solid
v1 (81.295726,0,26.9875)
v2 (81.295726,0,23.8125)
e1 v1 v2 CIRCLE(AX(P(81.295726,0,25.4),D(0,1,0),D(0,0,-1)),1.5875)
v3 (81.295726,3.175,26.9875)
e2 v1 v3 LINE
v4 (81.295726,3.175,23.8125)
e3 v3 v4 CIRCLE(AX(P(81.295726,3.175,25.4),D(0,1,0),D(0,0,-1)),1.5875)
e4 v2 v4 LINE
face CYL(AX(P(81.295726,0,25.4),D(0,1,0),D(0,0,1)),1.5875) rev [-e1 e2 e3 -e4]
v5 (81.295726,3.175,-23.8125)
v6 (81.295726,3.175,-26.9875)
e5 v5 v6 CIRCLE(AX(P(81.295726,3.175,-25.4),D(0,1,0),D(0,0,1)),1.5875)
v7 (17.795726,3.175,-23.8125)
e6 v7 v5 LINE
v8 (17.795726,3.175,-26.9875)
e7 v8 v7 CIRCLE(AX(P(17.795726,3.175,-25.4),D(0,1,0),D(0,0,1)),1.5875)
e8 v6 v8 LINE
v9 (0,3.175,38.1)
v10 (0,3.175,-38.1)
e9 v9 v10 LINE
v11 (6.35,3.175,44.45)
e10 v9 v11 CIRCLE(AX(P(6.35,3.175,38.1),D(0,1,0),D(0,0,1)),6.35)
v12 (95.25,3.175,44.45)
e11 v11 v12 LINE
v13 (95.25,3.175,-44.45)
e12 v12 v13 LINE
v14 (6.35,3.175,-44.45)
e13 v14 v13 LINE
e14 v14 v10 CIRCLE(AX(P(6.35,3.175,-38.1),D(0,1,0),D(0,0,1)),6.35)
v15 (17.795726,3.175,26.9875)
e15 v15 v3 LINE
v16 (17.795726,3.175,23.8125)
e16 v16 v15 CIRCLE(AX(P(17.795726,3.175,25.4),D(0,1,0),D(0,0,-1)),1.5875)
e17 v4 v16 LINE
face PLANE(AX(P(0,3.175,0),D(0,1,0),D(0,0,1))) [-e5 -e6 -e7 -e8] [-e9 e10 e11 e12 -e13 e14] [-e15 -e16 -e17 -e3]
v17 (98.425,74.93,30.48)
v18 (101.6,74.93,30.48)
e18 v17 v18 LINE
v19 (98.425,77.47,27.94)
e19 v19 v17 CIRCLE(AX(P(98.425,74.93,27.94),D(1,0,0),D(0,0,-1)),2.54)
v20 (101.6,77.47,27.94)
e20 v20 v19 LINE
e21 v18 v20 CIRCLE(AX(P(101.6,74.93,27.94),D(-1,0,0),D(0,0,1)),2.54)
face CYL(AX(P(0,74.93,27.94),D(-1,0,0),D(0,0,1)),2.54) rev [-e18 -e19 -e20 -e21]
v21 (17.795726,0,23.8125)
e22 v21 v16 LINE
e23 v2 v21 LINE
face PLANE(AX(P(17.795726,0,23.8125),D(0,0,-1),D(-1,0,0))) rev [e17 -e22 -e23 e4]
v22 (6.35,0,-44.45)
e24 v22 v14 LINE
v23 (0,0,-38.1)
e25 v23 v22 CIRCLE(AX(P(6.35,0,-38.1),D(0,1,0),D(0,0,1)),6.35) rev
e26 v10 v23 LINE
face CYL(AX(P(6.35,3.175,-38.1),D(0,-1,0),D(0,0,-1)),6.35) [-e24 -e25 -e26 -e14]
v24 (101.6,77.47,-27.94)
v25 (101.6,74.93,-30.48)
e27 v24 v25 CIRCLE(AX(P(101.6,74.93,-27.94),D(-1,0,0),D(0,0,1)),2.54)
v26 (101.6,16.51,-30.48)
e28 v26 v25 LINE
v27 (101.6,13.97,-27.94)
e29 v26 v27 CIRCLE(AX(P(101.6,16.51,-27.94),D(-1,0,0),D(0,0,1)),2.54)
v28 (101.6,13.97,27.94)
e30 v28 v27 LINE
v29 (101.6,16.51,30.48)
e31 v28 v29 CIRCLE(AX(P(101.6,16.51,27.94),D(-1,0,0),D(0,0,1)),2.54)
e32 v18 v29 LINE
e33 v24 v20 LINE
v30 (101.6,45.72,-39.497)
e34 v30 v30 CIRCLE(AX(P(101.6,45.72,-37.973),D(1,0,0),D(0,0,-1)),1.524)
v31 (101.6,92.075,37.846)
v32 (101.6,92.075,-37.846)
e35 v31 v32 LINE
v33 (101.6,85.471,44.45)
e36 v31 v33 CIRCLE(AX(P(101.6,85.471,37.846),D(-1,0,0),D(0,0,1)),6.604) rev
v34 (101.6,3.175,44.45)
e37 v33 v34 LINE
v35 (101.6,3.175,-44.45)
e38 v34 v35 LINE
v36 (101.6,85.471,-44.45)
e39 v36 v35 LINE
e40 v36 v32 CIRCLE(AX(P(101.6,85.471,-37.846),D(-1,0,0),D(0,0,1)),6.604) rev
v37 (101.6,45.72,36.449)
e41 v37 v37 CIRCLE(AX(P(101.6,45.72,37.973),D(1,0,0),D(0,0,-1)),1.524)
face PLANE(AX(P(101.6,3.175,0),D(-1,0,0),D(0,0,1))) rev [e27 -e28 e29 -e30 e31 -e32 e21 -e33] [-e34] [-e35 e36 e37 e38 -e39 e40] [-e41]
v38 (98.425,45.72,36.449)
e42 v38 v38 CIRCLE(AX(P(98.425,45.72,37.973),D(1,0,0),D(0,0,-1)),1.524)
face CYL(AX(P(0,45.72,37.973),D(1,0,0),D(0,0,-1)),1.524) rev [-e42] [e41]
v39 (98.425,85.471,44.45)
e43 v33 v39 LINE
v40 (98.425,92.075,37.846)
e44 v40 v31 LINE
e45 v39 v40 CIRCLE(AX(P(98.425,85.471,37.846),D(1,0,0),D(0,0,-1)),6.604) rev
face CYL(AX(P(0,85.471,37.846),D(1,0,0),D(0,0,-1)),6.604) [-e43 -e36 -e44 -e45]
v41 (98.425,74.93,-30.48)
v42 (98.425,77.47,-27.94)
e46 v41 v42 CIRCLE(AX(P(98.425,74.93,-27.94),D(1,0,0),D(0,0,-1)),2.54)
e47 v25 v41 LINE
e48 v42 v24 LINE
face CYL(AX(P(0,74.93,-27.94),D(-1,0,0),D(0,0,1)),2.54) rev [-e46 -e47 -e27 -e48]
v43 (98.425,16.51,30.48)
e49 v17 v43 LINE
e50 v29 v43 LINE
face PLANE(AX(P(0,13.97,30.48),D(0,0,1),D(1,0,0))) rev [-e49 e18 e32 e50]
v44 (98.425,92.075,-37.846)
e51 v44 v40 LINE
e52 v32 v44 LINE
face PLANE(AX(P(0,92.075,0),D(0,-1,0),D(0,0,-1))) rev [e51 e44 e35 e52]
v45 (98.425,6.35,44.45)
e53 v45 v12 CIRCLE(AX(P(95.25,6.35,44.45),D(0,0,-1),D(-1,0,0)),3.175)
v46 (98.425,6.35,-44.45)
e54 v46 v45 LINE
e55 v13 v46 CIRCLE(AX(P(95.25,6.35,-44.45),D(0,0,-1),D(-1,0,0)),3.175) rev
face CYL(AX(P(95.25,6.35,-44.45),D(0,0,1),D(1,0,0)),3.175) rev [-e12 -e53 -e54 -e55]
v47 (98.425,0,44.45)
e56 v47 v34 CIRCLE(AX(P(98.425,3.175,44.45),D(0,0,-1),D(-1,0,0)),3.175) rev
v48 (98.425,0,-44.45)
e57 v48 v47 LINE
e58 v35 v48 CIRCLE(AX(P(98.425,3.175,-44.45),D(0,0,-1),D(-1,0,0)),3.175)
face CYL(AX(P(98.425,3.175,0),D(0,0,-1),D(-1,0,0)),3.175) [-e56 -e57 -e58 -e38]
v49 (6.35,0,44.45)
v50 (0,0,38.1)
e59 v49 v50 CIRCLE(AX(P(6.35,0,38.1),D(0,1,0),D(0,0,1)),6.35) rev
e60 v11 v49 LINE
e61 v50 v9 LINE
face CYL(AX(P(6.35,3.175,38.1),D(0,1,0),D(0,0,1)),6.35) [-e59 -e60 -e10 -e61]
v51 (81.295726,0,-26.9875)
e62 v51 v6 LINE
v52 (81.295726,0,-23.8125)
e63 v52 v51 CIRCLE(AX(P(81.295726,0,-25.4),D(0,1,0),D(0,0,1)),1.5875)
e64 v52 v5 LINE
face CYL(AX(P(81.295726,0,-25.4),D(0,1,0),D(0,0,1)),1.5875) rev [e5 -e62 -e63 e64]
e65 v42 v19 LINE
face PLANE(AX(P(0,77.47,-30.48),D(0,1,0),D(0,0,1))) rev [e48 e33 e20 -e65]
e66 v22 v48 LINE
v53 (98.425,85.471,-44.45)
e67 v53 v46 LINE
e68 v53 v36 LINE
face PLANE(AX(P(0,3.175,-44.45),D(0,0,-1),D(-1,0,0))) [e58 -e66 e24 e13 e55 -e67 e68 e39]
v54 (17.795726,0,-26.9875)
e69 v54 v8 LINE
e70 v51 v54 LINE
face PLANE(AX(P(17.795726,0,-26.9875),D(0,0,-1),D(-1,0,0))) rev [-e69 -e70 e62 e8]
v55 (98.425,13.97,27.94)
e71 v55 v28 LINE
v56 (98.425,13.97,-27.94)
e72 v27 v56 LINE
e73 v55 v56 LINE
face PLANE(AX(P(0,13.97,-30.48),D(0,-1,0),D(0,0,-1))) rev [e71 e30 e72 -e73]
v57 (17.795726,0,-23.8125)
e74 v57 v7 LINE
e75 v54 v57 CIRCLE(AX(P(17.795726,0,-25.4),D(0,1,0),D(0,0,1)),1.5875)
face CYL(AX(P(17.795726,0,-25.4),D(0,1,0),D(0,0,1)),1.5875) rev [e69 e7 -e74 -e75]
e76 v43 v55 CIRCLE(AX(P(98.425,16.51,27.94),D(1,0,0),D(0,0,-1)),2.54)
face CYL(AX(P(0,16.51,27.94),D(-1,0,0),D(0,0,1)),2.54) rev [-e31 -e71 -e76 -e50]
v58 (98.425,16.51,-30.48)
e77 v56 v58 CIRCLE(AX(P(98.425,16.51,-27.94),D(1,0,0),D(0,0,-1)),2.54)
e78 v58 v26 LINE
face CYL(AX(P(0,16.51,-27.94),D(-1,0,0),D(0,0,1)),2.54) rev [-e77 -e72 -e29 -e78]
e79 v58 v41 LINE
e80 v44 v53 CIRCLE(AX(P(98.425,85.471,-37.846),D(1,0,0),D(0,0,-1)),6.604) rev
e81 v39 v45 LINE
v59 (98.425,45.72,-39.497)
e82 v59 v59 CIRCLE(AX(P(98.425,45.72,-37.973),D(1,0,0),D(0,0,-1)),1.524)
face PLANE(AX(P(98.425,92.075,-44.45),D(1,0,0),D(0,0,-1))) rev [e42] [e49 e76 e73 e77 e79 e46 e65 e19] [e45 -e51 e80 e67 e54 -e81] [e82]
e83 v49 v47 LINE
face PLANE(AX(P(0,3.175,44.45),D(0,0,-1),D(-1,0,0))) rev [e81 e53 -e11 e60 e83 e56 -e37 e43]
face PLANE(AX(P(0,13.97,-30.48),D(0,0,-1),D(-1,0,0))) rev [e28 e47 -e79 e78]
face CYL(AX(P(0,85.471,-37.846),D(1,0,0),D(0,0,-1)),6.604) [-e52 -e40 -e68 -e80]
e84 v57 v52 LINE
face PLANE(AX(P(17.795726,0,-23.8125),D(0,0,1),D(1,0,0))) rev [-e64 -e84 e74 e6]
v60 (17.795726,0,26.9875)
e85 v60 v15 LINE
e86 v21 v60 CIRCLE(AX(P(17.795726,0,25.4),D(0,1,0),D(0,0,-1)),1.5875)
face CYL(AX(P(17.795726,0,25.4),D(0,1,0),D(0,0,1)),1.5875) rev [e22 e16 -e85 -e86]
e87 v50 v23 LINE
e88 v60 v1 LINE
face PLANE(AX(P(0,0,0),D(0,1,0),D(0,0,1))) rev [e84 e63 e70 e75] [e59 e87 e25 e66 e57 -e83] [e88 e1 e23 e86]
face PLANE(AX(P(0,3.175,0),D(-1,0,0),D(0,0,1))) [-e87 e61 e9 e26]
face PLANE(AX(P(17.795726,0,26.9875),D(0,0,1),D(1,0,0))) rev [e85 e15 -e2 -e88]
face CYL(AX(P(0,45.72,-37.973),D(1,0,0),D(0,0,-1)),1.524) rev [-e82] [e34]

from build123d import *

# Parameters (mm, degrees)
SKETCH2_W           = 101.6
SKETCH2_H           = 88.9
BOSS_EXTRUDE1_DEPTH = 3.175
SKETCH3_W           = 3.175
SKETCH3_H           = 88.9
BOSS_EXTRUDE2_DEPTH = 88.9
SKETCH5_R           = 1.524
SKETCH5_W           = 60.96
SKETCH5_H           = 63.5
CUT_EXTRUDE2_DEPTH  = 145.139405178
FILLET1_R           = 2.54
FILLET2_R           = 6.604
FILLET3_R           = 3.175
FILLET4_R           = 6.35
CUT_EXTRUDE3_DEPTH  = 143.132235964


with BuildPart() as part:
    # Sketch2 → Boss-Extrude1 (new body)
    with BuildSketch(Plane(origin=(0, 0, 0), x_dir=(1, 0, 0), z_dir=(0, 1, 0))):
        with Locations((50.8, 0)):
            Rectangle(SKETCH2_W, SKETCH2_H)
    extrude(amount=BOSS_EXTRUDE1_DEPTH)

    # Sketch3 → Boss-Extrude2 (add)
    with BuildSketch(Plane(origin=(0, 3.175, 0), x_dir=(1, 0, 0), z_dir=(0, 1, 0))):
        with Locations((100.0125, 0)):
            Rectangle(SKETCH3_W, SKETCH3_H)
    extrude(amount=BOSS_EXTRUDE2_DEPTH)

    # Sketch5 → Cut-Extrude2 (cut, through all)
    with BuildSketch(Plane(origin=(101.6, 0, 0), x_dir=(0, 0, -1), z_dir=(1, 0, 0))):
        with Locations((-37.973, 45.72)):
            Circle(SKETCH5_R)
        with Locations((37.973, 45.72)):
            Circle(SKETCH5_R)
        with Locations((0, 45.72)):
            Rectangle(SKETCH5_W, SKETCH5_H)
    extrude(amount=-CUT_EXTRUDE2_DEPTH, mode=Mode.SUBTRACT)

    # Fillet1
    fillet1_edges = [part.edges().sort_by_distance(p)[0] for p in [
        (100.0125, 13.97, 30.48),
        (100.0125, 77.47, 30.48),
        (100.0125, 77.47, -30.48),
        (100.0125, 13.97, -30.48),
    ]]
    fillet(fillet1_edges, radius=FILLET1_R)

    # Fillet2
    fillet2_edges = [part.edges().sort_by_distance(p)[0] for p in [
        (100.0125, 92.075, -44.45),
        (100.0125, 92.075, 44.45),
    ]]
    fillet(fillet2_edges, radius=FILLET2_R)

    # Fillet3
    fillet3_edges = [part.edges().sort_by_distance(p)[0] for p in [
        (98.425, 3.175, 0),
        (101.6, 0, 0),
    ]]
    fillet(fillet3_edges, radius=FILLET3_R)

    # Fillet4
    fillet4_edges = [part.edges().sort_by_distance(p)[0] for p in [
        (0, 1.5875, -44.45),
        (0, 1.5875, 44.45),
    ]]
    fillet(fillet4_edges, radius=FILLET4_R)

    # Sketch6 → Cut-Extrude3 (cut, through all)
    with BuildSketch(Plane(origin=(0, 3.175, 0), x_dir=(1, 0, 0), z_dir=(0, 1, 0))):
        with BuildLine():
            Line((17.795725812, 26.9875), (81.295725812, 26.9875))
            ThreePointArc((81.295725812, 26.9875), (82.883225812, 25.4), (81.295725812, 23.8125))
            Line((81.295725812, 23.8125), (17.795725812, 23.8125))
            ThreePointArc((17.795725812, 23.8125), (16.208225812, 25.4), (17.795725812, 26.9875))
        make_face()
        with BuildLine():
            Line((17.795725812, -26.9875), (81.295725812, -26.9875))
            ThreePointArc((81.295725812, -26.9875), (82.883225812, -25.4), (81.295725812, -23.8125))
            Line((81.295725812, -23.8125), (17.795725812, -23.8125))
            ThreePointArc((17.795725812, -23.8125), (16.208225812, -25.4), (17.795725812, -26.9875))
        make_face()
    extrude(amount=-CUT_EXTRUDE3_DEPTH, mode=Mode.SUBTRACT)


solid = part.part
